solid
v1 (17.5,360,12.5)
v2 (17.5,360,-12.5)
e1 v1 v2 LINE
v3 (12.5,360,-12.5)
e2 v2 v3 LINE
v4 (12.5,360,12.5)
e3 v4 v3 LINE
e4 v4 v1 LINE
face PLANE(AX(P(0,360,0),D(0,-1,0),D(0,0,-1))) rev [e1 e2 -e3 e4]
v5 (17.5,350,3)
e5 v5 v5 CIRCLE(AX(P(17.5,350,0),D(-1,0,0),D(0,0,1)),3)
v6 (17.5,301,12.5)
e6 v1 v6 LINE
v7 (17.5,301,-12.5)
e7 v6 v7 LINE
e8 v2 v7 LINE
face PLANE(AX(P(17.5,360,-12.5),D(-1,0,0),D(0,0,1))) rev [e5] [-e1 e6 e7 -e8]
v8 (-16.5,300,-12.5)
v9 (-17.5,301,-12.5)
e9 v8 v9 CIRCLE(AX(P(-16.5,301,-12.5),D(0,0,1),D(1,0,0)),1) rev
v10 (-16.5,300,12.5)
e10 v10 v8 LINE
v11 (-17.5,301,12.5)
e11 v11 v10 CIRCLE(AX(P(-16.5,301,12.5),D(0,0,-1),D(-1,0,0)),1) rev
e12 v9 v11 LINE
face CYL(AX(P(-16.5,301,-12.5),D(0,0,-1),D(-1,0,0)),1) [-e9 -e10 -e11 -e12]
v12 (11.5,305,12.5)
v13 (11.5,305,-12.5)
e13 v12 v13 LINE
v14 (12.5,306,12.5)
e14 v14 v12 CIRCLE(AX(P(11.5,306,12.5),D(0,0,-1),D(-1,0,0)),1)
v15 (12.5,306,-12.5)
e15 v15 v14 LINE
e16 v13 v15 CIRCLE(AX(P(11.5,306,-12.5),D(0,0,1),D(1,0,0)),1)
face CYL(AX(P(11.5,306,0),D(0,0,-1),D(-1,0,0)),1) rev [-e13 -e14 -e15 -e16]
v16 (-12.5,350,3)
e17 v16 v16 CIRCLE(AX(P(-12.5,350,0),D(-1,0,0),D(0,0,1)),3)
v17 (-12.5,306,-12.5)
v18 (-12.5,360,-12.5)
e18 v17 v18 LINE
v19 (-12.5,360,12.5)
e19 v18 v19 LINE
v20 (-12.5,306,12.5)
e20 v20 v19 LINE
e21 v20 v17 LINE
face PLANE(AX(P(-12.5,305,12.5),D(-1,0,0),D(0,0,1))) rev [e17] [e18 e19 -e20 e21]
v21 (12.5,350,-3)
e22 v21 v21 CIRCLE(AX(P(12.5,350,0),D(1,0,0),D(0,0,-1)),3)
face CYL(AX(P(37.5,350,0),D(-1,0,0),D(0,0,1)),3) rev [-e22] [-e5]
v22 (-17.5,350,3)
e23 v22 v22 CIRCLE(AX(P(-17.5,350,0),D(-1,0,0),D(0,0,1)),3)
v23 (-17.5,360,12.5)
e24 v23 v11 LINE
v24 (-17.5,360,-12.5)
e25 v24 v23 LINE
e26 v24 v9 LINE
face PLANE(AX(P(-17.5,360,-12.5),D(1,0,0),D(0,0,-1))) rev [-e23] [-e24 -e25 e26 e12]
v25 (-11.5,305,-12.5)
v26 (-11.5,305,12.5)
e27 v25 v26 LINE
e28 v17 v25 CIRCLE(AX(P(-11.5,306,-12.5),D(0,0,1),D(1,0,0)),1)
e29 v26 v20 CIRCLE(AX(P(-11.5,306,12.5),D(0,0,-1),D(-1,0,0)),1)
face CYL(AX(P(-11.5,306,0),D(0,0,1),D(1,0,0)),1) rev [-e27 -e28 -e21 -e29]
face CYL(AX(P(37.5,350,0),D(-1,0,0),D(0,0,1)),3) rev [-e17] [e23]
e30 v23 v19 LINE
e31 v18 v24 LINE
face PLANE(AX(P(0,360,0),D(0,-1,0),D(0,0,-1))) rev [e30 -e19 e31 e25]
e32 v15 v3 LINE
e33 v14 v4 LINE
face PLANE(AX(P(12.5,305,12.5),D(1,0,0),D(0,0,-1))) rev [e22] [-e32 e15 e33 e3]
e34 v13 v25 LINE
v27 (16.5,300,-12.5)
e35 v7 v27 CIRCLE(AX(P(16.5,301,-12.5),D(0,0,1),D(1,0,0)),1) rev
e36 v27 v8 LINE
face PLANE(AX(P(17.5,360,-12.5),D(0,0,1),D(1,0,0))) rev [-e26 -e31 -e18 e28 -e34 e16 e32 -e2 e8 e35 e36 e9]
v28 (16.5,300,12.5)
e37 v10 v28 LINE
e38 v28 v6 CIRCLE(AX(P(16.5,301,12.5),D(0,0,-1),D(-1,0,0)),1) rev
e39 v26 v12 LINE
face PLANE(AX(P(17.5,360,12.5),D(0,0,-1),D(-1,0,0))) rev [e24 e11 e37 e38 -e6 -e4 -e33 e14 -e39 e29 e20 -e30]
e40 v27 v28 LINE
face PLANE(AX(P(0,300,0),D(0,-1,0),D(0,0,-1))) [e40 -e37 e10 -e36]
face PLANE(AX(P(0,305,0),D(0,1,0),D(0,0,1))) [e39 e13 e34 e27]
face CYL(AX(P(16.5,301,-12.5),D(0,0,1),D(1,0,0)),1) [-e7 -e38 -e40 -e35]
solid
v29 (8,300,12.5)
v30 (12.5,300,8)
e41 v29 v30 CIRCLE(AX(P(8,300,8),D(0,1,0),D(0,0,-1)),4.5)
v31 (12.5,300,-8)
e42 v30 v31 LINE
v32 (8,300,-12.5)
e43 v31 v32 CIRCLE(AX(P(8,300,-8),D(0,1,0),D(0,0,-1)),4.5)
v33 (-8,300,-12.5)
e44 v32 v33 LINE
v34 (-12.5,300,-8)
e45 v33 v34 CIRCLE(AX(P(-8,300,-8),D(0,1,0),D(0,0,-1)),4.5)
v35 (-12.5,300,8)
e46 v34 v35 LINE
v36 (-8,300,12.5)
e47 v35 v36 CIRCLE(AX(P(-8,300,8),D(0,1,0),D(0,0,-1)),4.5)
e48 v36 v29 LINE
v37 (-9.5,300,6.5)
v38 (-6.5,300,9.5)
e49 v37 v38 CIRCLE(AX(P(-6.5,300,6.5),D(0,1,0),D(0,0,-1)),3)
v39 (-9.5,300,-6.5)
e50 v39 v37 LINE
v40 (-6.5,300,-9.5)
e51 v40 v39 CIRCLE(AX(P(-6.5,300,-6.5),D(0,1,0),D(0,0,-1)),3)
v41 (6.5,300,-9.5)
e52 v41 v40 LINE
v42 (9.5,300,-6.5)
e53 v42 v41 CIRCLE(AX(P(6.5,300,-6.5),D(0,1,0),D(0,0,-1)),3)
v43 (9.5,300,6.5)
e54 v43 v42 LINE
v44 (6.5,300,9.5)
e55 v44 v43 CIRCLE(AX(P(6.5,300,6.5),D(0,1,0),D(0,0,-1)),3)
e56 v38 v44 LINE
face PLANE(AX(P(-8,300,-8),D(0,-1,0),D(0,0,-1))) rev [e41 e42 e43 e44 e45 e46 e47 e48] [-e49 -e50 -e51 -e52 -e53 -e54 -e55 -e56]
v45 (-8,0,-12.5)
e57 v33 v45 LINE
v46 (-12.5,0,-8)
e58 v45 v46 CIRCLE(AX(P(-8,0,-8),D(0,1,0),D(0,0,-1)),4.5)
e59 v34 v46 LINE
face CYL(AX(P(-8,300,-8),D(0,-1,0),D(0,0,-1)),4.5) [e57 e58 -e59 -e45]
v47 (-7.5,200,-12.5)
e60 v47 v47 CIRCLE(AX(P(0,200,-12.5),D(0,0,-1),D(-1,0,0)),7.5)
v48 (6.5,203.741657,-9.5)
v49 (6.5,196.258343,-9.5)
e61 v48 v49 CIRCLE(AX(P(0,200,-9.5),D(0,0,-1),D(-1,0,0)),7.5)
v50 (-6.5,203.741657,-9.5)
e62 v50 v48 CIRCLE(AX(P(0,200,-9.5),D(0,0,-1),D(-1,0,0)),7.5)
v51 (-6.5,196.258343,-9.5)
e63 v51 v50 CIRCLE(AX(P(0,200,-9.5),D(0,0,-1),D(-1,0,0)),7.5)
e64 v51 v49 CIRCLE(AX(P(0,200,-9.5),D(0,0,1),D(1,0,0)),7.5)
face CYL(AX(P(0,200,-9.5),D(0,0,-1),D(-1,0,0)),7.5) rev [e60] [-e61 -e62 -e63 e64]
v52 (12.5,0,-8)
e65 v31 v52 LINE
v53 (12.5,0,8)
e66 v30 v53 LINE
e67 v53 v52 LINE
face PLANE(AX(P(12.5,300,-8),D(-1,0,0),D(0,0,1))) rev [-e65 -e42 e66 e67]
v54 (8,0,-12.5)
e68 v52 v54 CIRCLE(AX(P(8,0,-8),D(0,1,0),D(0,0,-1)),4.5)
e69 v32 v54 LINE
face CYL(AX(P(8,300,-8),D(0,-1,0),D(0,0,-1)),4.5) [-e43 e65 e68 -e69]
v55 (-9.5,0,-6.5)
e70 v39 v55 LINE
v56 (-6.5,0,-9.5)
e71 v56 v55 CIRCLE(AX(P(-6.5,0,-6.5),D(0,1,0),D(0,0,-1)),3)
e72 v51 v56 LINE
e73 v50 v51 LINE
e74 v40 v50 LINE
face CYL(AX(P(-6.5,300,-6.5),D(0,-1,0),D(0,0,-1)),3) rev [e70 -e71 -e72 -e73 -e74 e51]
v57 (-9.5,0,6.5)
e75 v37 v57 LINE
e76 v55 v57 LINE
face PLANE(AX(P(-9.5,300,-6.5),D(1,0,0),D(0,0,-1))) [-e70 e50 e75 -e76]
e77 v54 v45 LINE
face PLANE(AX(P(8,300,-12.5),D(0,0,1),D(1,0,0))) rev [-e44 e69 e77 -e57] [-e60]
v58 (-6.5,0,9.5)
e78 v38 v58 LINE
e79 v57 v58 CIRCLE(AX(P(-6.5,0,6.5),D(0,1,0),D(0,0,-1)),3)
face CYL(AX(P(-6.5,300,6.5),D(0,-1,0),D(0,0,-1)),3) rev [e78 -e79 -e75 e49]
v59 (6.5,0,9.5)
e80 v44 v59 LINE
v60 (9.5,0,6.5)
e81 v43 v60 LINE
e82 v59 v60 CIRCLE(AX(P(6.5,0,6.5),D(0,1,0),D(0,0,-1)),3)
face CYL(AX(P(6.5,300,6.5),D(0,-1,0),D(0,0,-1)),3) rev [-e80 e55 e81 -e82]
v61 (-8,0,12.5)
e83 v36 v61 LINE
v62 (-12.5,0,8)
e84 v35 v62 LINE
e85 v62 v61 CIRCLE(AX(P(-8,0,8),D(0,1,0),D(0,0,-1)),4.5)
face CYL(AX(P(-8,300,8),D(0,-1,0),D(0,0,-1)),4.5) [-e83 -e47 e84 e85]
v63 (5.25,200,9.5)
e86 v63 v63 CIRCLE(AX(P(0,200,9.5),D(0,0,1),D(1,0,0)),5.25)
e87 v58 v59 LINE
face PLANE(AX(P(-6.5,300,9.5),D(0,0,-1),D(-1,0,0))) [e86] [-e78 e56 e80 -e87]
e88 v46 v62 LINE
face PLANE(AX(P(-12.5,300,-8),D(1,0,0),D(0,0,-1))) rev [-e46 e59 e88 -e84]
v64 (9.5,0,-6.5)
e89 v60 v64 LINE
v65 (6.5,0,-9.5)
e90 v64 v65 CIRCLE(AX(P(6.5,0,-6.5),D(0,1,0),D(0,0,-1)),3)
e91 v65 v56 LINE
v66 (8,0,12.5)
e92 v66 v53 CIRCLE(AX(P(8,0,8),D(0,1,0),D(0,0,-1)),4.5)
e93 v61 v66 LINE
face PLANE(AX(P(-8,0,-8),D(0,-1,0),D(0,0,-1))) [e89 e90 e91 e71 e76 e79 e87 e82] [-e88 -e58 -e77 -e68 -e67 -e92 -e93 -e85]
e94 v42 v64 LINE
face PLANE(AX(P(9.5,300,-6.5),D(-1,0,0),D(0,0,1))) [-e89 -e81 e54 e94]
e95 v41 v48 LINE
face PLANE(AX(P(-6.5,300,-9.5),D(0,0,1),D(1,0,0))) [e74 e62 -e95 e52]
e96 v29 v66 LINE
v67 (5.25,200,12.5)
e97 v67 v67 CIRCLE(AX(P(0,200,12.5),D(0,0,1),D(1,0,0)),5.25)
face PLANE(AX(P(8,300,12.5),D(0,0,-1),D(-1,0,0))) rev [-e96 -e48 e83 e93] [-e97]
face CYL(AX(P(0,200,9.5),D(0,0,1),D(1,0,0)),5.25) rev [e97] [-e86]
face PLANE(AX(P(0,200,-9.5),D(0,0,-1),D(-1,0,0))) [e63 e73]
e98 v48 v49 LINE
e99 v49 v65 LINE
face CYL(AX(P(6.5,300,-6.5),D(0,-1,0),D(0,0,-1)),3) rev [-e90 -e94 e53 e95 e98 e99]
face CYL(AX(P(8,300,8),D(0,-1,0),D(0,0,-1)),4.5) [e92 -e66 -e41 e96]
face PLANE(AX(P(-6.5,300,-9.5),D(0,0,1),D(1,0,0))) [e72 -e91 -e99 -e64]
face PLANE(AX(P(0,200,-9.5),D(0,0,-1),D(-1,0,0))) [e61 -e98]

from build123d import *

# Parameters (mm, degrees)
BOSS_EXTRUDE1_DEPTH = 300
SKETCH2_R           = 7.5
CUT_EXTRUDE1_DEPTH  = 3
SKETCH3_R           = 5.25
CUT_EXTRUDE2_DEPTH  = 3
SKETCH5_W           = 35
SKETCH5_H           = 25
BOSS_EXTRUDE2_DEPTH = 60
SKETCH7_W           = 25
SKETCH7_H           = 25
CUT_EXTRUDE4_DEPTH  = 55
SKETCH8_R           = 3
CUT_EXTRUDE5_DEPTH  = 55
FILLET1_R           = 1
FILLET2_R           = 1


with BuildPart() as part:
    # Sketch1 → Boss-Extrude1 (new body)
    with BuildSketch(Plane(origin=(0, 0, 0), x_dir=(1, 0, 0), z_dir=(0, 1, 0))):
        with BuildLine():
            Line((8, 12.5), (-8, 12.5))
            ThreePointArc((-8, 12.5), (-11.181980515, 11.181980515), (-12.5, 8))
            Line((-12.5, 8), (-12.5, -8))
            ThreePointArc((-12.5, -8), (-11.181980515, -11.181980515), (-8, -12.5))
            Line((-8, -12.5), (8, -12.5))
            ThreePointArc((8, -12.5), (11.181980515, -11.181980515), (12.5, -8))
            Line((12.5, -8), (12.5, 8))
            ThreePointArc((12.5, 8), (11.181980515, 11.181980515), (8, 12.5))
        make_face()
        with BuildLine():
            Line((-6.5, 9.5), (6.5, 9.5))
            ThreePointArc((6.5, 9.5), (8.621320344, 8.621320344), (9.5, 6.5))
            Line((9.5, 6.5), (9.5, -6.5))
            ThreePointArc((9.5, -6.5), (8.621320344, -8.621320344), (6.5, -9.5))
            Line((6.5, -9.5), (-6.5, -9.5))
            ThreePointArc((-6.5, -9.5), (-8.621320344, -8.621320344), (-9.5, -6.5))
            Line((-9.5, -6.5), (-9.5, 6.5))
            ThreePointArc((-9.5, 6.5), (-8.621320344, 8.621320344), (-6.5, 9.5))
        make_face(mode=Mode.SUBTRACT)
    extrude(amount=BOSS_EXTRUDE1_DEPTH)

    # Sketch2 → Cut-Extrude1 (cut)
    with BuildSketch(Plane(origin=(0, 0, -12.5), x_dir=(-1, 0, 0), z_dir=(0, 0, -1))):
        with Locations((0, 200)):
            Circle(SKETCH2_R)
    extrude(amount=-CUT_EXTRUDE1_DEPTH, mode=Mode.SUBTRACT)

    # Sketch3 → Cut-Extrude2 (cut)
    with BuildSketch(Plane.XY.offset(12.5)):
        with Locations((0, 200)):
            Circle(SKETCH3_R)
    extrude(amount=-CUT_EXTRUDE2_DEPTH, mode=Mode.SUBTRACT)


with BuildPart() as body_2:
    # Sketch5 → Boss-Extrude2 (new body)
    with BuildSketch(Plane(origin=(0, 300, 0), x_dir=(1, 0, 0), z_dir=(0, 1, 0))):
        Rectangle(SKETCH5_W, SKETCH5_H)
    extrude(amount=BOSS_EXTRUDE2_DEPTH)

    # Sketch7 → Cut-Extrude4 (cut)
    with BuildSketch(Plane(origin=(0, 360, 0), x_dir=(1, 0, 0), z_dir=(0, 1, 0))):
        Rectangle(SKETCH7_W, SKETCH7_H)
    extrude(amount=-CUT_EXTRUDE4_DEPTH, mode=Mode.SUBTRACT)

    # Sketch8 → Cut-Extrude5 (cut)
    with BuildSketch(Plane.ZY.offset(17.5)):
        with Locations((0, 350)):
            Circle(SKETCH8_R)
    extrude(amount=-CUT_EXTRUDE5_DEPTH, mode=Mode.SUBTRACT)

    # Fillet1
    fillet1_edges = [body_2.edges().sort_by_distance(p)[0] for p in [
        (-12.5, 305, 0),
        (12.5, 305, 0),
    ]]
    fillet(fillet1_edges, radius=FILLET1_R)

    # Fillet2
    fillet2_edges = [body_2.edges().sort_by_distance(p)[0] for p in [
        (17.5, 300, 0),
        (-17.5, 300, 0),
    ]]
    fillet(fillet2_edges, radius=FILLET2_R)


solid = Compound([part.part, body_2.part])
